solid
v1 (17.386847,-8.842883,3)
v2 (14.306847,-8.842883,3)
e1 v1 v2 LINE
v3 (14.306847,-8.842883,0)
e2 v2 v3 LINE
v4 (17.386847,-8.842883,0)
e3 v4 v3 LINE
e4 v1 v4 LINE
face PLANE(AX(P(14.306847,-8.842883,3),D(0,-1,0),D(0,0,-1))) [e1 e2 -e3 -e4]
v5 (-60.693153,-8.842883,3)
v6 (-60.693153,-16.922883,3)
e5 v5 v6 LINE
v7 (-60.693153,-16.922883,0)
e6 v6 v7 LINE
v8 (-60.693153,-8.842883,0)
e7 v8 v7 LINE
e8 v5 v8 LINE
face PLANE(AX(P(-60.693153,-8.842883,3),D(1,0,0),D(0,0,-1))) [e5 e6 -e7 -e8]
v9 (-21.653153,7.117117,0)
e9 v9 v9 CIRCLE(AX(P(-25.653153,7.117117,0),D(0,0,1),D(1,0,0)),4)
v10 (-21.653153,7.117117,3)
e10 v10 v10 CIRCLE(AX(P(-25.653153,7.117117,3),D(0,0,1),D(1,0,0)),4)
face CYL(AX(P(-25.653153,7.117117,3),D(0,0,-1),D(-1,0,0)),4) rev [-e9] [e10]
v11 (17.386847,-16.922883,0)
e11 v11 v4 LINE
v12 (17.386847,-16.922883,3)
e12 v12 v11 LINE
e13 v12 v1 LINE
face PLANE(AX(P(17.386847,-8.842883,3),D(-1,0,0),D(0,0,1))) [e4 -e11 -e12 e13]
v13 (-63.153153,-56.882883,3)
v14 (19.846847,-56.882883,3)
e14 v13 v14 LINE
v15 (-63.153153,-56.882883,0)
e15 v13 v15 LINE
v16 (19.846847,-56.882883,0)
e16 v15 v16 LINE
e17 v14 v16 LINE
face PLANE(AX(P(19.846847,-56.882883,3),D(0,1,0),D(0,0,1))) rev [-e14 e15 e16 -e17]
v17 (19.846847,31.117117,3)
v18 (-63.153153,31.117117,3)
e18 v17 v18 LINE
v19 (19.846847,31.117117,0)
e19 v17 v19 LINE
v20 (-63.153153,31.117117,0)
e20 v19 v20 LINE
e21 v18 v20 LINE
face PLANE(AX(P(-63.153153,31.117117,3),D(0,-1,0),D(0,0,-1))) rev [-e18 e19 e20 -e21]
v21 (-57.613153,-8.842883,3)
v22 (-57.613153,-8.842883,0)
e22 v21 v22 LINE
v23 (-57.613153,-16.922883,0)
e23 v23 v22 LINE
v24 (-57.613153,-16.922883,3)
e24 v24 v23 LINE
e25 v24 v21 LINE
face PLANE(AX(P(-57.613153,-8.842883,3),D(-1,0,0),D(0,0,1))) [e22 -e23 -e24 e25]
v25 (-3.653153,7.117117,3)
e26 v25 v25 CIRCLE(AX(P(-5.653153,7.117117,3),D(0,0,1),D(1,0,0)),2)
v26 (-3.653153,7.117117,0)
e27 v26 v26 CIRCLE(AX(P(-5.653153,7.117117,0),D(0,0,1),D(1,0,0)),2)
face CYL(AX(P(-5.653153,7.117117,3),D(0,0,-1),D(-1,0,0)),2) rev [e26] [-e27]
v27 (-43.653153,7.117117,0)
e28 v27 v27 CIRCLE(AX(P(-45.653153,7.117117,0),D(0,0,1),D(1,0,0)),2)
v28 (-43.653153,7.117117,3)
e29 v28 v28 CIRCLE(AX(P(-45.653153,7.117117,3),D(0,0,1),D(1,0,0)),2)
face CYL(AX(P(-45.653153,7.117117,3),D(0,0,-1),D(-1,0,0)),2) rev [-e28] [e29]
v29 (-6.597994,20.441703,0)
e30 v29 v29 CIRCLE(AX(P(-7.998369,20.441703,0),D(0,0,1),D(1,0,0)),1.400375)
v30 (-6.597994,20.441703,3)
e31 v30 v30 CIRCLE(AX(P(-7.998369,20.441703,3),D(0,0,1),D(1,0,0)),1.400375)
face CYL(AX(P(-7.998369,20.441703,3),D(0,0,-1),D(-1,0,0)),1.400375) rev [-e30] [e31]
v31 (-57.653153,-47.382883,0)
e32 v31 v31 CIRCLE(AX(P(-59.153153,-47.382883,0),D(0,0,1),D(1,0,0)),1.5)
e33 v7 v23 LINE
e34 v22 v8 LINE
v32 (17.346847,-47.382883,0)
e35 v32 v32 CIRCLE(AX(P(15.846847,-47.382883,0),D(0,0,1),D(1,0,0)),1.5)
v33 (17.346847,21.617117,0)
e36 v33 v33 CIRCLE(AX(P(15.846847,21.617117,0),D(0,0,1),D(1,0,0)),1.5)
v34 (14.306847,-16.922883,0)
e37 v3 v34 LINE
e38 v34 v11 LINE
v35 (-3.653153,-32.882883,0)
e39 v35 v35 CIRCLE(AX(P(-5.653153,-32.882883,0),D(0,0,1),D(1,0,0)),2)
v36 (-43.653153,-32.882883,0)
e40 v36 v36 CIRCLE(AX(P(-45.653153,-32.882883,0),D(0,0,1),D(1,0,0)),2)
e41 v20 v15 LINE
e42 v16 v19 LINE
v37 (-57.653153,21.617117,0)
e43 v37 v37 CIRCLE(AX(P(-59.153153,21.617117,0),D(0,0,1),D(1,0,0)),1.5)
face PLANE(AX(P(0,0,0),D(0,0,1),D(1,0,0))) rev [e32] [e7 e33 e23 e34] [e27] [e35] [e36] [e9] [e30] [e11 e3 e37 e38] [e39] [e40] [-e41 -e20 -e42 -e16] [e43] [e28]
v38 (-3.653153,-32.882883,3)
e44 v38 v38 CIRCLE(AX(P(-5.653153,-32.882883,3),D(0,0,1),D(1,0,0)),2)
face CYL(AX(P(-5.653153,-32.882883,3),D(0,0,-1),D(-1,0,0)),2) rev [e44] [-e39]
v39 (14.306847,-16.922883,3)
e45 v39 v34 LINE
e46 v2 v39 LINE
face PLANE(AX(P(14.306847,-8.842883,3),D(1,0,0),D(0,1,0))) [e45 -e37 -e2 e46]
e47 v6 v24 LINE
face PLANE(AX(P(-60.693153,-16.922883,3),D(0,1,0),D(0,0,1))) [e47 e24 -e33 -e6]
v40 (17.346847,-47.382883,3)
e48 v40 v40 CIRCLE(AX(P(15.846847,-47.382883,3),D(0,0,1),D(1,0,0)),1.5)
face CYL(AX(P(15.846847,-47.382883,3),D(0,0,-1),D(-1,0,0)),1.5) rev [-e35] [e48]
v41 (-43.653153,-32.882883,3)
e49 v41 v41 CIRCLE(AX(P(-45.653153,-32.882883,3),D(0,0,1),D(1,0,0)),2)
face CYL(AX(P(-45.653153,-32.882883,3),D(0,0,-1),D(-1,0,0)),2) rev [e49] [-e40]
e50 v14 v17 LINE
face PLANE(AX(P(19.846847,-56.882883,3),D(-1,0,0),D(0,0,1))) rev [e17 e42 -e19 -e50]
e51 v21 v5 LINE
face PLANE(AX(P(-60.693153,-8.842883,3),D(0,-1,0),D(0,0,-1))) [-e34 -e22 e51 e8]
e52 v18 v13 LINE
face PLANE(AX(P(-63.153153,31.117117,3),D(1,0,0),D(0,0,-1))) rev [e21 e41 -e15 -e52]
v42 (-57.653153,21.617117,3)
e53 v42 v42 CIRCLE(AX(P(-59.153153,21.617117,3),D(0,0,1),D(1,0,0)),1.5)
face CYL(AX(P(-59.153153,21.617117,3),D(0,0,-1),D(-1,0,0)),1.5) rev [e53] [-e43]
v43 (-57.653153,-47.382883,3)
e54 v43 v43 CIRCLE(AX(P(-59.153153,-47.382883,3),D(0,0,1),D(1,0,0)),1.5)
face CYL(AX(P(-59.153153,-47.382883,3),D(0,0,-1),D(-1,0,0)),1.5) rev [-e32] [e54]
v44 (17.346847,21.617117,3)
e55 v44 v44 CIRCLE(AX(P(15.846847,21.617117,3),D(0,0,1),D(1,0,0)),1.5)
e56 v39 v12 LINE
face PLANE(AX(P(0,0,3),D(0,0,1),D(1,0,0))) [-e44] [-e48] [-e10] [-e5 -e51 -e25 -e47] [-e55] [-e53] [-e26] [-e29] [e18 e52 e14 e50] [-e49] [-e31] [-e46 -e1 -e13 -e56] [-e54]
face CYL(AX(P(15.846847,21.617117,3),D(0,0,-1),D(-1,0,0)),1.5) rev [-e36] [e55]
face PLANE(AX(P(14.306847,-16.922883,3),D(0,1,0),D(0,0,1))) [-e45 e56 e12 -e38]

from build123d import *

# Parameters (mm, degrees)
SKETCH_1_W      = 83
SKETCH_1_H      = 88
SKETCH_1_R      = 1.5
SKETCH_1_R_2    = 2
SKETCH_1_R_3    = 4
SKETCH_1_R_4    = 1.400374755
SKETCH_1_W_2    = 3.08
SKETCH_1_H_2    = 8.08
EXTRUDE_1_DEPTH = 3


with BuildPart() as part:
    # 草图1 → 凸台-拉伸1 (new body)
    with BuildSketch(Plane.XY):
        with Locations((-21.653153153, -12.882882883)):
            Rectangle(SKETCH_1_W, SKETCH_1_H)
        with Locations((-59.153153153, 21.617117117)):
            Circle(SKETCH_1_R, mode=Mode.SUBTRACT)
        with Locations((15.846846847, 21.617117117)):
            Circle(SKETCH_1_R, mode=Mode.SUBTRACT)
        with Locations((-59.153153153, -47.382882883)):
            Circle(SKETCH_1_R, mode=Mode.SUBTRACT)
        with Locations((15.846846847, -47.382882883)):
            Circle(SKETCH_1_R, mode=Mode.SUBTRACT)
        with Locations((-5.653153153, -32.882882883)):
            Circle(SKETCH_1_R_2, mode=Mode.SUBTRACT)
        with Locations((-45.653153153, -32.882882883)):
            Circle(SKETCH_1_R_2, mode=Mode.SUBTRACT)
        with Locations((-45.653153153, 7.117117117)):
            Circle(SKETCH_1_R_2, mode=Mode.SUBTRACT)
        with Locations((-5.653153153, 7.117117117)):
            Circle(SKETCH_1_R_2, mode=Mode.SUBTRACT)
        with Locations((-25.653153153, 7.117117117)):
            Circle(SKETCH_1_R_3, mode=Mode.SUBTRACT)
        with Locations((-7.998369036, 20.441702668)):
            Circle(SKETCH_1_R_4, mode=Mode.SUBTRACT)
        with Locations((-59.153153153, -12.882882883)):
            Rectangle(SKETCH_1_W_2, SKETCH_1_H_2, mode=Mode.SUBTRACT)
        with Locations((15.846846847, -12.882882883)):
            Rectangle(SKETCH_1_W_2, SKETCH_1_H_2, mode=Mode.SUBTRACT)
    extrude(amount=EXTRUDE_1_DEPTH)


solid = part.part
